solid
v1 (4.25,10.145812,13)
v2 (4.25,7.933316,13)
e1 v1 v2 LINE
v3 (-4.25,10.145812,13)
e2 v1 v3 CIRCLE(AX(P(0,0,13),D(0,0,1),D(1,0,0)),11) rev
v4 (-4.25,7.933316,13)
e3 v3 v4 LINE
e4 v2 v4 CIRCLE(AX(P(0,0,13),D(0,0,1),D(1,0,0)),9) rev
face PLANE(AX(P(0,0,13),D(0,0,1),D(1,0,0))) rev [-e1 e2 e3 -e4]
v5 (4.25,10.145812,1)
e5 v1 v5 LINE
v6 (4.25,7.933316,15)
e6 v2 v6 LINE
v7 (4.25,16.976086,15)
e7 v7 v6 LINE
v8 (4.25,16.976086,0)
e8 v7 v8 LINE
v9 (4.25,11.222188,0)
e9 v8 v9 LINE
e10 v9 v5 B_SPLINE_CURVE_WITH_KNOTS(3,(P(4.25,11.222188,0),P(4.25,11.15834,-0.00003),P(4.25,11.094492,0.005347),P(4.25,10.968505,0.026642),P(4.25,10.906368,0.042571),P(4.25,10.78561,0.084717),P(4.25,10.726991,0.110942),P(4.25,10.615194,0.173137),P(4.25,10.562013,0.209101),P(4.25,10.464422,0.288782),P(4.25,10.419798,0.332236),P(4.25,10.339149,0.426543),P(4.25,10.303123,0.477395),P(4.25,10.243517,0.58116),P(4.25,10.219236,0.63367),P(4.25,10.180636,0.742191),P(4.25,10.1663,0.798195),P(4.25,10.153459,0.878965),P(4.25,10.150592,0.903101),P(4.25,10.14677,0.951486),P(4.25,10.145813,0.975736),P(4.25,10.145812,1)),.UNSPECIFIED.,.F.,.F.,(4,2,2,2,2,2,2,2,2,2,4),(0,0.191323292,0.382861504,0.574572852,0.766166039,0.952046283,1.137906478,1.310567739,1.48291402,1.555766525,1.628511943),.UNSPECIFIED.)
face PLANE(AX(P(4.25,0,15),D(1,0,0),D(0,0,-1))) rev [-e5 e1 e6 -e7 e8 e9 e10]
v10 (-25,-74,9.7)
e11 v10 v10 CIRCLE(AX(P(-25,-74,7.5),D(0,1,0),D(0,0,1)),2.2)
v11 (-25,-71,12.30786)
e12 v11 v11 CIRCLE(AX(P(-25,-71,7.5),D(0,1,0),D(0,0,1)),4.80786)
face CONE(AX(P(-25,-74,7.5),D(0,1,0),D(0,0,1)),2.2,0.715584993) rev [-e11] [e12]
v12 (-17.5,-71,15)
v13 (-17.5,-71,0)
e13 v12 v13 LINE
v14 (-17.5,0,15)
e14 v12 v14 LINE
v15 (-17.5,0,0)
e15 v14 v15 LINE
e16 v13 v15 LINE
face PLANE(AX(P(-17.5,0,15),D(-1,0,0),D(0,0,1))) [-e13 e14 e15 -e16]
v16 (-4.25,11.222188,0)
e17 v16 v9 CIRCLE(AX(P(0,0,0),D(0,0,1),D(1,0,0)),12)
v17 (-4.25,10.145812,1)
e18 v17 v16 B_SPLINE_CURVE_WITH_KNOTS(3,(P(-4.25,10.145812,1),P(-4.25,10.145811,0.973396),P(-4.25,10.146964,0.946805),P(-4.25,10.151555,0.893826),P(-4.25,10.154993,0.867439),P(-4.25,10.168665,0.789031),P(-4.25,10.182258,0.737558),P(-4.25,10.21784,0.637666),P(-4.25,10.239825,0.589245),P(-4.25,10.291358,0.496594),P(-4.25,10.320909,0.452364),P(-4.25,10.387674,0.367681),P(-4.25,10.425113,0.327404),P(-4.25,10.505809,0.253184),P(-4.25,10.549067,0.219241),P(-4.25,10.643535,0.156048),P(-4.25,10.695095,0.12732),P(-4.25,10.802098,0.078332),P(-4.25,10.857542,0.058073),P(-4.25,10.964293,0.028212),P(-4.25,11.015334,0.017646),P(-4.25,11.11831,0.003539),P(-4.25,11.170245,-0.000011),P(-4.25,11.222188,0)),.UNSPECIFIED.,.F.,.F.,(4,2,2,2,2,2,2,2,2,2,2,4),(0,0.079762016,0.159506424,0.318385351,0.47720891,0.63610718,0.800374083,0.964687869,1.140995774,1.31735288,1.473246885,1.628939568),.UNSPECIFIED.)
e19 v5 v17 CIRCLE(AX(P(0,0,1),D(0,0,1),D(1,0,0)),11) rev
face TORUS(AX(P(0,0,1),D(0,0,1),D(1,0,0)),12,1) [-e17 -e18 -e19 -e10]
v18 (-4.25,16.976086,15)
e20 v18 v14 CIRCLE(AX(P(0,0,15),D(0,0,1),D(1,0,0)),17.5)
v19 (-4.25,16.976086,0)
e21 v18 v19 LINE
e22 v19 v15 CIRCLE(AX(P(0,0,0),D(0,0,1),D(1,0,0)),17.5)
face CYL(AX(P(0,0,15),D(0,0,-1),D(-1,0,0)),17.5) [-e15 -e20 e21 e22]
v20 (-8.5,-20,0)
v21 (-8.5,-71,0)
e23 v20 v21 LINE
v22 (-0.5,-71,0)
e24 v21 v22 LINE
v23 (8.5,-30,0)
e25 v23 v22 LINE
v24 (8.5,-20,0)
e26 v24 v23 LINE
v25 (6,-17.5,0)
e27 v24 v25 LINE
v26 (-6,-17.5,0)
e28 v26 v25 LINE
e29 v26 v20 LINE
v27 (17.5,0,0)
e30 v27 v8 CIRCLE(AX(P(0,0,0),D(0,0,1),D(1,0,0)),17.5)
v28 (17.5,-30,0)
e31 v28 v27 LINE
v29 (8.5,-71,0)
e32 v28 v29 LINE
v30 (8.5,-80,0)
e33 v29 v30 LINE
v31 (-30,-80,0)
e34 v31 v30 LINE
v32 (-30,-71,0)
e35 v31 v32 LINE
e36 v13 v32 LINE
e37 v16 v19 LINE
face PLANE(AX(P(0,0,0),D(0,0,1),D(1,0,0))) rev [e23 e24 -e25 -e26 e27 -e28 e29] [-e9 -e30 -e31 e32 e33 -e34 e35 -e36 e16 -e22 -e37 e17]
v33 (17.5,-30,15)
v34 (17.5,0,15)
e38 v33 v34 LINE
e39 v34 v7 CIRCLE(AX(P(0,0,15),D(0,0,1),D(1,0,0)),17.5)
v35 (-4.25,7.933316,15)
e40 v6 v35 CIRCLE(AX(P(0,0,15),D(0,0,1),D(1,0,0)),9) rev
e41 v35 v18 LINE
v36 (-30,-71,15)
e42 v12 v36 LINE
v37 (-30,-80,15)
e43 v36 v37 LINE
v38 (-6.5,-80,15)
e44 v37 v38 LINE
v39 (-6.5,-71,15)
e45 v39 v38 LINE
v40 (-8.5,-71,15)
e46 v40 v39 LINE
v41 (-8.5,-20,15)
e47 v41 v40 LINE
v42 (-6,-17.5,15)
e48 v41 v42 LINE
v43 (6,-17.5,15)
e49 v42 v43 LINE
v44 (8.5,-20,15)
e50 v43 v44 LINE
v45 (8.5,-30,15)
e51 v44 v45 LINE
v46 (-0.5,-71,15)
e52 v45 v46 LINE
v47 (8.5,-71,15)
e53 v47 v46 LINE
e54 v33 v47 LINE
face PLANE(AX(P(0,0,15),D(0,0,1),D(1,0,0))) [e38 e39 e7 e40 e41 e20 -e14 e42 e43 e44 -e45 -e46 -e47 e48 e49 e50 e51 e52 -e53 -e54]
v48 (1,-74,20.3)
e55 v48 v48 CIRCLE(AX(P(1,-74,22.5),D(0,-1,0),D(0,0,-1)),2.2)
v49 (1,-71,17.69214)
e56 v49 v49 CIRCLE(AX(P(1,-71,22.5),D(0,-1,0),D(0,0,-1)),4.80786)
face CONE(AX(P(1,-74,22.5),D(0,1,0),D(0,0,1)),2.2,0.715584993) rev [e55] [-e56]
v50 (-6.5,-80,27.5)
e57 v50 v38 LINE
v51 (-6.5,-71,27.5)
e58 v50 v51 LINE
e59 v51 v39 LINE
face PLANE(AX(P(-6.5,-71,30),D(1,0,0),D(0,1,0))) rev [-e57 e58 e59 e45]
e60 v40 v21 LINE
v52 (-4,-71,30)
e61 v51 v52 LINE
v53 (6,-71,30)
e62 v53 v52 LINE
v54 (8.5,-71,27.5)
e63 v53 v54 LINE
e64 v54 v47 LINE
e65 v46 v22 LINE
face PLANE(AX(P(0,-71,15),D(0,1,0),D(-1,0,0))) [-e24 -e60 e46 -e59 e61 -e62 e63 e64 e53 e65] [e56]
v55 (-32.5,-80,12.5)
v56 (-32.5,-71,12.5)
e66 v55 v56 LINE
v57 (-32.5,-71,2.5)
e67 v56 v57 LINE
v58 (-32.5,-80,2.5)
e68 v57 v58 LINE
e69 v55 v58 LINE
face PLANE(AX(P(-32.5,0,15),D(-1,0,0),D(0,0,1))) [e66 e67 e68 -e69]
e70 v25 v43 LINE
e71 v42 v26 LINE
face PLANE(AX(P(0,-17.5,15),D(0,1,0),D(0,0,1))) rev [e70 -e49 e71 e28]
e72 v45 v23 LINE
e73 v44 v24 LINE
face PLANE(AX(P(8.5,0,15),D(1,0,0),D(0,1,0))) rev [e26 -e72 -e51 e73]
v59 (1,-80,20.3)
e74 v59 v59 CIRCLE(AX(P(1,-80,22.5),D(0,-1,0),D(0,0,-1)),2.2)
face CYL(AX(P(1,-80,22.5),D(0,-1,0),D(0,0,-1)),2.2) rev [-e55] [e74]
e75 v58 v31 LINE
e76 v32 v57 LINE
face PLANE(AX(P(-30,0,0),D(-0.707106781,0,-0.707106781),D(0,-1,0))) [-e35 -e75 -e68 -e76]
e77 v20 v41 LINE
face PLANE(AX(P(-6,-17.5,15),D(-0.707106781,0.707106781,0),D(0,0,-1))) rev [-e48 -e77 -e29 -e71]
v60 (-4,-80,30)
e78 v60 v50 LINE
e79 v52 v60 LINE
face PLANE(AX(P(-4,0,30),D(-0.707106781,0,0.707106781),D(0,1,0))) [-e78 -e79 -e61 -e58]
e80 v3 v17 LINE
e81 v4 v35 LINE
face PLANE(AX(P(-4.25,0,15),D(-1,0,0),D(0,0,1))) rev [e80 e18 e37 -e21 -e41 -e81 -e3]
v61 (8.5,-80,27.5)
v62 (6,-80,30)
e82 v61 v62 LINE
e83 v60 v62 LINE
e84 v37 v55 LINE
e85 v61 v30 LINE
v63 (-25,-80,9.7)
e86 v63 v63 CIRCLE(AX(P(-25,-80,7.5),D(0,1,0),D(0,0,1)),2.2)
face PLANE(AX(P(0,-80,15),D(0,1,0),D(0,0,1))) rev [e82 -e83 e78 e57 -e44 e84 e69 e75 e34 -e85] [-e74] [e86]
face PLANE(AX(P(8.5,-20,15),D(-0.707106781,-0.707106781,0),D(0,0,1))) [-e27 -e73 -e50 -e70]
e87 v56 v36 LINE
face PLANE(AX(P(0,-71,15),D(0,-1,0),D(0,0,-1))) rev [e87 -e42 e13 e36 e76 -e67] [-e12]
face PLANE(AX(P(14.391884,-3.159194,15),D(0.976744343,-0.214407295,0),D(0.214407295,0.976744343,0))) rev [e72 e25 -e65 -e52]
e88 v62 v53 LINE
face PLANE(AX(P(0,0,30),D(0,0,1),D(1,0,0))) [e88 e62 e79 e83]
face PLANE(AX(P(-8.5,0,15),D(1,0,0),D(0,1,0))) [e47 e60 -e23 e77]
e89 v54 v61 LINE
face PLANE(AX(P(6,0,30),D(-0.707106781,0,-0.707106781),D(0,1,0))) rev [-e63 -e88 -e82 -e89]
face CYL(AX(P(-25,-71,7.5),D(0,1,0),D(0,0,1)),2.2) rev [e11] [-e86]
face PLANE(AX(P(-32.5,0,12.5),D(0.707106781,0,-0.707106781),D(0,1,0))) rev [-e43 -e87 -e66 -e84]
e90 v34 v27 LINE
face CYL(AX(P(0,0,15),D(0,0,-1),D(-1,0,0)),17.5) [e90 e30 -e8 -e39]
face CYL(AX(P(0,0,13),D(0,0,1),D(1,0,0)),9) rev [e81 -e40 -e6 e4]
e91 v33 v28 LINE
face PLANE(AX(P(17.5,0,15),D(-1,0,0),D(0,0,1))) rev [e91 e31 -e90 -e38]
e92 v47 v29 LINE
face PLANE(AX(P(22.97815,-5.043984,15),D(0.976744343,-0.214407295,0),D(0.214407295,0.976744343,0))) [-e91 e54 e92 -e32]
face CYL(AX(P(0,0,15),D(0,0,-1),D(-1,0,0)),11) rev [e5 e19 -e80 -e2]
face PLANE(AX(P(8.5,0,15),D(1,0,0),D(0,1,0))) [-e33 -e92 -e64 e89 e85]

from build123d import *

# Parameters (mm, degrees)
SKETCH1_W           = 15
SKETCH1_H           = 9
BOSS_EXTRUDE1_DEPTH = 15
BOSS_EXTRUDE3_START = 2
BOSS_EXTRUDE3_DEPTH = 2
SKETCH7_W           = 15
SKETCH7_H           = 9
BOSS_EXTRUDE4_DEPTH = 15
FILLET1_R           = 1
CHAMFER1_SIZE       = 2.5


with BuildPart() as part:
    # Sketch1 → Boss-Extrude1 (new body)
    with BuildSketch(Plane.XY):
        with BuildLine():
            ThreePointArc((0, -17.5), (12.374368671, -12.374368671), (17.5, 0))
            Line((17.5, 0), (11, 0))
            ThreePointArc((11, 0), (7.778174593, -7.778174593), (0, -11))
            Line((0, -11), (0, -17.5))
        make_face()
        with BuildLine():
            ThreePointArc((-17.5, 0), (-12.374368671, -12.374368671), (0, -17.5))
            Line((0, -17.5), (0, -11))
            ThreePointArc((0, -11), (-7.778174593, -7.778174593), (-11, 0))
            Line((-11, 0), (-17.5, 0))
        make_face()
        with BuildLine():
            ThreePointArc((-4.25, 16.976086121), (-13.795379661, 10.767427734), (-17.5, 0))
            Line((-17.5, 0), (-11, 0))
            ThreePointArc((-11, 0), (-9.158329542, 6.093028803), (-4.25, 10.145811944))
            Line((-4.25, 10.145811944), (-4.25, 16.976086121))
        make_face()
        with BuildLine():
            Line((11, 0), (17.5, 0))
            ThreePointArc((17.5, 0), (13.795379661, 10.767427734), (4.25, 16.976086121))
            Line((4.25, 16.976086121), (4.25, 10.145811944))
            ThreePointArc((4.25, 10.145811944), (9.158329542, 6.093028803), (11, 0))
        make_face()
        with BuildLine():
            Line((8.5, -71), (17.5, -30))
            Line((17.5, -30), (8.5, -30))
            Line((8.5, -30), (-0.5, -71))
            Line((-0.5, -71), (-8.5, -71))
            Line((-8.5, -71), (-8.5, -17.5))
            Line((-8.5, -17.5), (0, -17.5))
            ThreePointArc((0, -17.5), (-12.374368671, -12.374368671), (-17.5, 0))
            Line((-17.5, 0), (-17.5, -71))
            Line((-17.5, -71), (-17.5, -80))
            Line((-17.5, -80), (8.5, -80))
            Line((8.5, -80), (8.5, -71))
        make_face()
        with BuildLine():
            Line((17.5, -30), (17.5, 0))
            ThreePointArc((17.5, 0), (12.374368671, -12.374368671), (0, -17.5))
            Line((0, -17.5), (8.5, -17.5))
            Line((8.5, -17.5), (8.5, -30))
            Line((8.5, -30), (17.5, -30))
        make_face()
        with Locations((-25, -75.5)):
            Rectangle(SKETCH1_W, SKETCH1_H)
    extrude(amount=BOSS_EXTRUDE1_DEPTH)

    # Sketch6 → Boss-Extrude3 (add)
    with BuildSketch(Plane(origin=(0, 0, 15), x_dir=(-1, 0, 0), z_dir=(0, 0, -1)).offset(BOSS_EXTRUDE3_START)):
        with BuildLine():
            Line((-4.25, 7.933315826), (-4.25, 10.145811944))
            ThreePointArc((-4.25, 10.145811944), (-6.093028803, -9.158329542), (11, 0))
            ThreePointArc((11, 0), (9.158329542, 6.093028803), (4.25, 10.145811944))
            Line((4.25, 10.145811944), (4.25, 7.933315826))
            ThreePointArc((4.25, 7.933315826), (7.721722606, 4.623310502), (9, 0))
            ThreePointArc((9, 0), (-4.623310502, -7.721722606), (-4.25, 7.933315826))
        make_face()
    extrude(amount=-BOSS_EXTRUDE3_DEPTH)

    # Sketch7 → Boss-Extrude4 (add)
    with BuildSketch(Plane.XY.offset(15)):
        with Locations((1, -75.5)):
            Rectangle(SKETCH7_W, SKETCH7_H)
    extrude(amount=BOSS_EXTRUDE4_DEPTH)

    # Sketch11 → Cut-Revolve4 (revolve, cut)
    with BuildSketch(Plane.ZY.offset(25)):
        Polygon((7.5, -71), (7.5, -80), (9.7, -80), (9.7, -74), (12.307860213, -71), align=None)
    revolve(axis=Axis((-25, -71, 7.5), (0, -1, 0)), mode=Mode.SUBTRACT)

    # Sketch10 → Cut-Revolve3 (revolve, cut)
    with BuildSketch(Plane.XY.offset(22.5), mode=Mode.PRIVATE) as cut_revolve3_sk:
        Polygon((1, -71), (5.807860213, -71), (3.2, -74), (3.2, -80), (1, -80), align=None)
    revolve(cut_revolve3_sk.sketch.rotate(Axis((1, -80, 22.5), (0, 1, 0)), 90), axis=Axis((1, -80, 22.5), (0, 1, 0)), mode=Mode.SUBTRACT)

    # Fillet1
    fillet1_edges = [part.edges().sort_by_distance(p)[0] for p in [
        (0, -11, 0),
    ]]
    fillet(fillet1_edges, radius=FILLET1_R)

    # Chamfer1
    chamfer1_edges = [part.edges().sort_by_distance(p)[0] for p in [
        (-32.5, -75.5, 0),
        (-8.5, -17.5, 7.5),
        (8.5, -17.5, 7.5),
        (-32.5, -75.5, 15),
        (-6.5, -75.5, 30),
        (8.5, -75.5, 30),
    ]]
    chamfer(chamfer1_edges, length=CHAMFER1_SIZE)


solid = part.part
